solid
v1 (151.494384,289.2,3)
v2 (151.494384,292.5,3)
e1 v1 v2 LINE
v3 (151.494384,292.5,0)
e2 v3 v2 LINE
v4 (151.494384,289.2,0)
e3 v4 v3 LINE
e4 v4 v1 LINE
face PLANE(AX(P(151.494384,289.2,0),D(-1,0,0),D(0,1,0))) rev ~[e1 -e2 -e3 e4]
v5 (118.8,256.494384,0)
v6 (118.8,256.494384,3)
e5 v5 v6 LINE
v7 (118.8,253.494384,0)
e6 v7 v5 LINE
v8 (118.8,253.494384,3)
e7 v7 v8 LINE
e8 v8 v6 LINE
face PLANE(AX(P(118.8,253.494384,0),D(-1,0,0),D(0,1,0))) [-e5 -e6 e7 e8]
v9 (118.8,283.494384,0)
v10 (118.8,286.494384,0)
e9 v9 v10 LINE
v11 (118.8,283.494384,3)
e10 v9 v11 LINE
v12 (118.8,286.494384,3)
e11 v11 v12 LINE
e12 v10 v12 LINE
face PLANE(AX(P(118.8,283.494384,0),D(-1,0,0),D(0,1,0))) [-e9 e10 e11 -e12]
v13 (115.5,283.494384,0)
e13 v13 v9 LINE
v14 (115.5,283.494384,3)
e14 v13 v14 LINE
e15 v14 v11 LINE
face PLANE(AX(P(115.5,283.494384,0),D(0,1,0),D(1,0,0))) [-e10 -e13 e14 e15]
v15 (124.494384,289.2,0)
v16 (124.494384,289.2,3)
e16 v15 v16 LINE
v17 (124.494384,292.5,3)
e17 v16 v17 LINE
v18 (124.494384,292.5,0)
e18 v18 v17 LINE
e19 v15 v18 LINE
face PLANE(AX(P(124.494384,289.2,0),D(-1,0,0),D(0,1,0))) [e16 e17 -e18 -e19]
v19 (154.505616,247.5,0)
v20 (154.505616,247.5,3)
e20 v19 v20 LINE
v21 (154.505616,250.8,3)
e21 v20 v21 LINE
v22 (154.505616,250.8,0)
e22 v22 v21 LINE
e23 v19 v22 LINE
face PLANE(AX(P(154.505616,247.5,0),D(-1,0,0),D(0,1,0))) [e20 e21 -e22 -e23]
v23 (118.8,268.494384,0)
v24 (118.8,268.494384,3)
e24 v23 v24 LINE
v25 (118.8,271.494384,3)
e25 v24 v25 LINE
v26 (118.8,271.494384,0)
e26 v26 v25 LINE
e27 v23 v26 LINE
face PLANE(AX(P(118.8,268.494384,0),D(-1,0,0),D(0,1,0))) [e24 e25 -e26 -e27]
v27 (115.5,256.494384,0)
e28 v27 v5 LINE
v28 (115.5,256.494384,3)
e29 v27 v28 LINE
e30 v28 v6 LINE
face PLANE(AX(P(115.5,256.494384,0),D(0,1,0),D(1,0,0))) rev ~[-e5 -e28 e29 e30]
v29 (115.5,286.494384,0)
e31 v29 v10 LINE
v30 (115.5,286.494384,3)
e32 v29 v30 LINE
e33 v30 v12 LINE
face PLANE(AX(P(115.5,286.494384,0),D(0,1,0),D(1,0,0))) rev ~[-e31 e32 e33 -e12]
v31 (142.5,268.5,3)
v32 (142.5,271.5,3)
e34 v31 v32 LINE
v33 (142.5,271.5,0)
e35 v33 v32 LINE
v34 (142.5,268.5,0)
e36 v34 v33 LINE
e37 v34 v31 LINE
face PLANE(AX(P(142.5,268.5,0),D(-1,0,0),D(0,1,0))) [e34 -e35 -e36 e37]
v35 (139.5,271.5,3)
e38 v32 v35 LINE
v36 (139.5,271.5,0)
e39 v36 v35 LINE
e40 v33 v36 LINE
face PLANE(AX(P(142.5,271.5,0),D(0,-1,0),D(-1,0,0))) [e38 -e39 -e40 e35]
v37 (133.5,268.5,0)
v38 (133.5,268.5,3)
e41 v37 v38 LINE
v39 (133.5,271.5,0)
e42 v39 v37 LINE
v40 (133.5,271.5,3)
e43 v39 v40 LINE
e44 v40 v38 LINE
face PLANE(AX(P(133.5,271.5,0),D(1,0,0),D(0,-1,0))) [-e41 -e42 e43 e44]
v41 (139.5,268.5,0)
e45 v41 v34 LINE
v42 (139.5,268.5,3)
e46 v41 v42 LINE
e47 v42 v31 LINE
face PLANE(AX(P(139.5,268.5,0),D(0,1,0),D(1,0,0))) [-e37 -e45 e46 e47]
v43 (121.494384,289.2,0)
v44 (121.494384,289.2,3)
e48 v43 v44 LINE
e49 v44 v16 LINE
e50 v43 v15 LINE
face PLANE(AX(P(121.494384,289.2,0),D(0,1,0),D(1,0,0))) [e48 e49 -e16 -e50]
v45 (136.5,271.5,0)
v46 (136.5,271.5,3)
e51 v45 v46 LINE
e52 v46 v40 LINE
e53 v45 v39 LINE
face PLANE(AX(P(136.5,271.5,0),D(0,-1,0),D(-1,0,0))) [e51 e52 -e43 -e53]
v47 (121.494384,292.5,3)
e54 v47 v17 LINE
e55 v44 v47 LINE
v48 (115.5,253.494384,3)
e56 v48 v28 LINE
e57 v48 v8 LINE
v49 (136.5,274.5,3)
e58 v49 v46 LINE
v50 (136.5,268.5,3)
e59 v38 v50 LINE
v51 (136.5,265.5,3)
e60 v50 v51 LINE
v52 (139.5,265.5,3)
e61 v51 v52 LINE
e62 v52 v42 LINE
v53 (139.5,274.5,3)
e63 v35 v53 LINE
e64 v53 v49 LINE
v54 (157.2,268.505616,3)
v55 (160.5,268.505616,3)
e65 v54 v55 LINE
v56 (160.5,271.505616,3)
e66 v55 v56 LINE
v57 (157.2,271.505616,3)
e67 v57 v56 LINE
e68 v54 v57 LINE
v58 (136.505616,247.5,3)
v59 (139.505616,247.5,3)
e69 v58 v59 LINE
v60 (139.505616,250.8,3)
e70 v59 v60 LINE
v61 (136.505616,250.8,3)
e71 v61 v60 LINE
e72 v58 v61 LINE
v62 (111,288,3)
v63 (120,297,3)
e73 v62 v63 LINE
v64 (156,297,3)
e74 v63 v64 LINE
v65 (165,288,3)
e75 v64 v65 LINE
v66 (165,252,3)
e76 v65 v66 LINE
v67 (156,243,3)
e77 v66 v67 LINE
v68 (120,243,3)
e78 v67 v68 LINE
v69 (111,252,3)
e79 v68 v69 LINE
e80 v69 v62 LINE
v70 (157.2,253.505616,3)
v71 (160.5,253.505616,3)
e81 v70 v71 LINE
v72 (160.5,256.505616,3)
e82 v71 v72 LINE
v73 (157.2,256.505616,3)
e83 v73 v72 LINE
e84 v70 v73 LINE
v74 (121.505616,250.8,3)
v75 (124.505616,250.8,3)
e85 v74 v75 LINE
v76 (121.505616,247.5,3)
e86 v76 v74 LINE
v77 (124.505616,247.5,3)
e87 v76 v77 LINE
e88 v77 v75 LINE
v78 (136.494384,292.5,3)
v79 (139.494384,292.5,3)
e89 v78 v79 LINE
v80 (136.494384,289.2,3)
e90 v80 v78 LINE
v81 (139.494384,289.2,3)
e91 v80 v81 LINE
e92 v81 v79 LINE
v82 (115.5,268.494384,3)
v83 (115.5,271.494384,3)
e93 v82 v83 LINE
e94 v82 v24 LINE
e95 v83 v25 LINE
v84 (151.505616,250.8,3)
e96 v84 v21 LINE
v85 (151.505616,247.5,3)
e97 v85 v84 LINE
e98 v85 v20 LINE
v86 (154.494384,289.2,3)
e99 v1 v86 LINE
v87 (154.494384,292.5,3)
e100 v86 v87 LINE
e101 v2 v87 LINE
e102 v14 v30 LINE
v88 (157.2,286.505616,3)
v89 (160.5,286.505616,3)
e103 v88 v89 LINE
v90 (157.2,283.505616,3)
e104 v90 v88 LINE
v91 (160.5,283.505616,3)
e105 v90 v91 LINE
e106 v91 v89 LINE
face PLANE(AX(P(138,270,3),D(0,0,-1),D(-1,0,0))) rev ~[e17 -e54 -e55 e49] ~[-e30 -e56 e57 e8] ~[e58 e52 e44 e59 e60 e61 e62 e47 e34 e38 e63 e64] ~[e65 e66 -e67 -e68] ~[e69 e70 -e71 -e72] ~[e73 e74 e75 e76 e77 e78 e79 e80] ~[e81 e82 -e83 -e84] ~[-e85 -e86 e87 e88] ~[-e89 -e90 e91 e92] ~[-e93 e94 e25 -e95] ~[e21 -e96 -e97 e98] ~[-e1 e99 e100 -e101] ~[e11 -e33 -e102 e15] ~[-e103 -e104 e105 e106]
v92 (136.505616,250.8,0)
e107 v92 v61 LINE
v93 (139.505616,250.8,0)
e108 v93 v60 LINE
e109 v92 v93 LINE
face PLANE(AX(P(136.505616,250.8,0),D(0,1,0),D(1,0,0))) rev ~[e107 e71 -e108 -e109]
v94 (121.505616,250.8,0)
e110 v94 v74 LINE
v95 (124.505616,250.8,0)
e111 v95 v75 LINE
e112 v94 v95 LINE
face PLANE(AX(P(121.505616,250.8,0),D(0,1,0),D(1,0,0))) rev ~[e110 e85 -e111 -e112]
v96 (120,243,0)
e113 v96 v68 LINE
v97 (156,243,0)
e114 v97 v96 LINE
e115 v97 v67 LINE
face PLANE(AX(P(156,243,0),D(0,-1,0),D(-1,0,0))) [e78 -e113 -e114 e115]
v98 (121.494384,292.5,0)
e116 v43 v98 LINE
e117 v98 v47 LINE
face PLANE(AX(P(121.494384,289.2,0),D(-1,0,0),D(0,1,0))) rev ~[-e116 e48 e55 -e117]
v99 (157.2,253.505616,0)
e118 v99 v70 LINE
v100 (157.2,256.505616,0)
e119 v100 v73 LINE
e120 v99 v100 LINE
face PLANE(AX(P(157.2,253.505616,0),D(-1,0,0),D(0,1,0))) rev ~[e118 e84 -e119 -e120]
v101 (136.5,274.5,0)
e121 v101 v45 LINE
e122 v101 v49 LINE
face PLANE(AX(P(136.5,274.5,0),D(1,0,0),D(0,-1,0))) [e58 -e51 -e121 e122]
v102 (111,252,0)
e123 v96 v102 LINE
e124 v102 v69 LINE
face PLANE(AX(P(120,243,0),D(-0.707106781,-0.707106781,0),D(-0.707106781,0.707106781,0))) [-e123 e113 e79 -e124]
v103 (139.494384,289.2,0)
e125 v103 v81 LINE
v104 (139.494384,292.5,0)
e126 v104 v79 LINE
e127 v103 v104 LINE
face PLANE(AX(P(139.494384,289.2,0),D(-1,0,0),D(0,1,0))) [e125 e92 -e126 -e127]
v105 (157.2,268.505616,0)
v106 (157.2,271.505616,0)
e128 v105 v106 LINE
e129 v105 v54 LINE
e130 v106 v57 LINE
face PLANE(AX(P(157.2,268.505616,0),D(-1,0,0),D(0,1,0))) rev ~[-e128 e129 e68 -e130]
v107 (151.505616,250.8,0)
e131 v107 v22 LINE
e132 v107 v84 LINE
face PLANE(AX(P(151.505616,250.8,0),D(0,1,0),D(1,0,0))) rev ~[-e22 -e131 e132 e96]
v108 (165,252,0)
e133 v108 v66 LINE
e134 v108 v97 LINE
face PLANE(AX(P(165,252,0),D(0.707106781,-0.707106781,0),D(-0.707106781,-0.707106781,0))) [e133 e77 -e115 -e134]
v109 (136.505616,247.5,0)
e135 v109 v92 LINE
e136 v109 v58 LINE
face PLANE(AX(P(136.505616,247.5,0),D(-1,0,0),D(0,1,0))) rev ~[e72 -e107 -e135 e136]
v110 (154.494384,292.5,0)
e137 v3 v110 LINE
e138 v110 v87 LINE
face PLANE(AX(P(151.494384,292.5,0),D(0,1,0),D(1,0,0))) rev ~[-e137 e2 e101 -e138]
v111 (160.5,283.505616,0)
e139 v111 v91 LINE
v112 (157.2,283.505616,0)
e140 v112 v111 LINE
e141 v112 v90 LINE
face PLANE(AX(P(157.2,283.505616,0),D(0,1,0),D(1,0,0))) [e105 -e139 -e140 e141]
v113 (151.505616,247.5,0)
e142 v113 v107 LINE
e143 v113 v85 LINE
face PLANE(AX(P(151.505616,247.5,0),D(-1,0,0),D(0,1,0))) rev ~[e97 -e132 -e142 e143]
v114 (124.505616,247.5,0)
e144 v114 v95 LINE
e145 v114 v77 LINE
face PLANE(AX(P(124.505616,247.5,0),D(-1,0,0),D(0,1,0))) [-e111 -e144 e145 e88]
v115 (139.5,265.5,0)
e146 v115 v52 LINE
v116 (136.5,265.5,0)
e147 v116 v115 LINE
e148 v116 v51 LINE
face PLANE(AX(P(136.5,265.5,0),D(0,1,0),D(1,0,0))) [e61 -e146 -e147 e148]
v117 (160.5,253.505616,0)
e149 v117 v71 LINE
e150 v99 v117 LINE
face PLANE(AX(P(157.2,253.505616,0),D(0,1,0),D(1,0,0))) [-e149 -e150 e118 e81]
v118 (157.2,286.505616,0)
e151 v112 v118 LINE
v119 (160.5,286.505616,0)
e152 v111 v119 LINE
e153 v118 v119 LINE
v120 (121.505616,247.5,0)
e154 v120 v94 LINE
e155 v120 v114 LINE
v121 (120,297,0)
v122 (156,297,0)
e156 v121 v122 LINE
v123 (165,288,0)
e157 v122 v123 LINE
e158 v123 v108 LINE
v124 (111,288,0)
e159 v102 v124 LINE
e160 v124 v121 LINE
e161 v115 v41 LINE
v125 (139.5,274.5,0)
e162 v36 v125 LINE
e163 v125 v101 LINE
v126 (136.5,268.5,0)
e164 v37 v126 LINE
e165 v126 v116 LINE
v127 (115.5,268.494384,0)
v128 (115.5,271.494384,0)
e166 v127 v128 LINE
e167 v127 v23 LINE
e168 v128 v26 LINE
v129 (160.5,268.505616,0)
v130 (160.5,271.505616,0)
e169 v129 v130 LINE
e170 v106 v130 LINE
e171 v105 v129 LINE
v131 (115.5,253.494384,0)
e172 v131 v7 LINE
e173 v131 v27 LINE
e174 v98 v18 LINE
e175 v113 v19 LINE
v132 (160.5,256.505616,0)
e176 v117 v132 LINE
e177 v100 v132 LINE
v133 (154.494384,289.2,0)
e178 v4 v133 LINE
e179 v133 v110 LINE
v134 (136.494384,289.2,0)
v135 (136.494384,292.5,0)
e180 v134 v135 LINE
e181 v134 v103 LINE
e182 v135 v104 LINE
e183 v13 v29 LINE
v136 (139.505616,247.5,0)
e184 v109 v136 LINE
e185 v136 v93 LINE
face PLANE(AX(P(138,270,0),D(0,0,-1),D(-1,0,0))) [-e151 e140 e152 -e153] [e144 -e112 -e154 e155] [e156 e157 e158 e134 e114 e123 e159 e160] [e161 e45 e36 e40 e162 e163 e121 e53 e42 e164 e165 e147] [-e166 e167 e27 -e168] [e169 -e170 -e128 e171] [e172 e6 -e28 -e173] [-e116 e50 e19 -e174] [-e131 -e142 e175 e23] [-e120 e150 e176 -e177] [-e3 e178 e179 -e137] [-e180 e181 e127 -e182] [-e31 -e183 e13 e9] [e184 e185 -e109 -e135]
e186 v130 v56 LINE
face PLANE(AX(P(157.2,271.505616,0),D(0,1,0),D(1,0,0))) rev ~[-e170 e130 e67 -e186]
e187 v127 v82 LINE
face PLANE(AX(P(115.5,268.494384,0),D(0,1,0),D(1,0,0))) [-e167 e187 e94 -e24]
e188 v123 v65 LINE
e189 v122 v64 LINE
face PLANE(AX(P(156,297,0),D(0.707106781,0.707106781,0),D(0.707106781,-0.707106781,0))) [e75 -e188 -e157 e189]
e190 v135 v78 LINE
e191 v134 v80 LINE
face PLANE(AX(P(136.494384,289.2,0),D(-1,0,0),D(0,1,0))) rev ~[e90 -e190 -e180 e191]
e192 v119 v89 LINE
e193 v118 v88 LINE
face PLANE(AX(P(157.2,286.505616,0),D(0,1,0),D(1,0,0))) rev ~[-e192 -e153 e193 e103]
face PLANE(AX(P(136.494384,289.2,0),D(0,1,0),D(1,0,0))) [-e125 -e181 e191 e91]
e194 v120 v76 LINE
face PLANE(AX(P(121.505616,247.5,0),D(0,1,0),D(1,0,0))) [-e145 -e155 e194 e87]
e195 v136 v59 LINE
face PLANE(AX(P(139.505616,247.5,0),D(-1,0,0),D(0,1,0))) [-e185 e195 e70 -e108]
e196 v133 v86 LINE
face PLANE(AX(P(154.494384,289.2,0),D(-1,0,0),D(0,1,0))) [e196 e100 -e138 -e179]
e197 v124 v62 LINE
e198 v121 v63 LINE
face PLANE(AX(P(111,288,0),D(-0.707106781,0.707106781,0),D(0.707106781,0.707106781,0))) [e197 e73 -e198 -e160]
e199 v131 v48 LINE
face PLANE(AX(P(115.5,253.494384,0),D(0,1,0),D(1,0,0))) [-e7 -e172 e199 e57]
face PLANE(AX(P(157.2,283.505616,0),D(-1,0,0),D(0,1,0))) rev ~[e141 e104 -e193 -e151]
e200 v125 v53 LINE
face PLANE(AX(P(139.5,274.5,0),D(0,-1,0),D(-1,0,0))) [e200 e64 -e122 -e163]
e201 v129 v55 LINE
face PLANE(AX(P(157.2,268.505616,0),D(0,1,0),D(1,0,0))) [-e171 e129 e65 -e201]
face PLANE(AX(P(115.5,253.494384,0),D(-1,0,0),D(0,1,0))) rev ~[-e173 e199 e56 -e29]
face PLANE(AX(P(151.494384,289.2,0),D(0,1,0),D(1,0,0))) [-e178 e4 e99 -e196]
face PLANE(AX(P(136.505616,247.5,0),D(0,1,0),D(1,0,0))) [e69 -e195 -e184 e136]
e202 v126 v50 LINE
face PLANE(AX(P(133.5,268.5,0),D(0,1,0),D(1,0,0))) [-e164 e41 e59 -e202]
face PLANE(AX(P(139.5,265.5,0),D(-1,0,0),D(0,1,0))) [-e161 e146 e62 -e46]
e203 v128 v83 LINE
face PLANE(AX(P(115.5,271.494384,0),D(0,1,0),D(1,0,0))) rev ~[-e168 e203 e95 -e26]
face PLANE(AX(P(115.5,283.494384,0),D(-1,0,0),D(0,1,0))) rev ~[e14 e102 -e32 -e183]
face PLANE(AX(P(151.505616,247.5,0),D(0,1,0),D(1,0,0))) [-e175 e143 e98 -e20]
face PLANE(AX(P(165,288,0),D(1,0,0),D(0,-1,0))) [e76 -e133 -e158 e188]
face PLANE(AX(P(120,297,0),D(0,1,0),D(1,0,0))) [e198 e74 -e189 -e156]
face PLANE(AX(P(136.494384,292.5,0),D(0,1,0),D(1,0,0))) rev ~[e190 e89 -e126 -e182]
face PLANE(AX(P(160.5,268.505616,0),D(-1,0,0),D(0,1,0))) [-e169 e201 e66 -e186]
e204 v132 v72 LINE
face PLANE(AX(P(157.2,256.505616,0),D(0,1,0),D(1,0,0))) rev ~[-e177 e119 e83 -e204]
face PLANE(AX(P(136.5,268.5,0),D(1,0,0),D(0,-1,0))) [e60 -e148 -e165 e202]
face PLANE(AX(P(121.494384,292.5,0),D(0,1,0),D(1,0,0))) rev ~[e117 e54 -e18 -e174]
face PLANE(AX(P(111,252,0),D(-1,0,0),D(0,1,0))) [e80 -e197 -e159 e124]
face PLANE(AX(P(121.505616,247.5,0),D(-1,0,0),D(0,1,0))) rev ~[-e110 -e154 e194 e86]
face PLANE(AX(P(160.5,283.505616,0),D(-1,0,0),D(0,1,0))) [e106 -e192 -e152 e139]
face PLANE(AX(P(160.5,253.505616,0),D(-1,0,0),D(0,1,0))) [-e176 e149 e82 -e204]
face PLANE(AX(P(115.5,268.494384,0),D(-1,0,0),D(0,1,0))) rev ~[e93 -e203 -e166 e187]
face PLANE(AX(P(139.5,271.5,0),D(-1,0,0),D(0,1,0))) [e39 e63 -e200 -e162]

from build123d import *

# Parameters (mm, degrees)
SKETCH1_W           = 3.3
SKETCH1_H           = 3
SKETCH1_W_2         = 3
SKETCH1_H_2         = 3.3
BOSS_EXTRUDE1_DEPTH = 3


with BuildPart() as part:
    # Sketch1 → Boss-Extrude1 (new body)
    with BuildSketch(Plane.XY):
        Polygon((165, 252), (156, 243), (120, 243), (111, 252), (111, 288), (120, 297), (156, 297), (165, 288), align=None)
        with Locations((117.15, 254.994383568)):
            Rectangle(SKETCH1_W, SKETCH1_H, mode=Mode.SUBTRACT)
        Polygon((136.5, 274.5), (136.5, 271.5), (133.5, 271.5), (133.5, 268.5), (136.5, 268.5), (136.5, 265.5), (139.5, 265.5), (139.5, 268.5), (142.5, 268.5), (142.5, 271.5), (139.5, 271.5), (139.5, 274.5), align=None, mode=Mode.SUBTRACT)
        with Locations((117.15, 284.994383568)):
            Rectangle(SKETCH1_W, SKETCH1_H, mode=Mode.SUBTRACT)
        with Locations((117.15, 269.994383568)):
            Rectangle(SKETCH1_W, SKETCH1_H, mode=Mode.SUBTRACT)
        with Locations((123.005616432, 249.15)):
            Rectangle(SKETCH1_W_2, SKETCH1_H_2, mode=Mode.SUBTRACT)
        with Locations((158.85, 255.005616432)):
            Rectangle(SKETCH1_W, SKETCH1_H, mode=Mode.SUBTRACT)
        with Locations((152.994383568, 290.85)):
            Rectangle(SKETCH1_W_2, SKETCH1_H_2, mode=Mode.SUBTRACT)
        with Locations((138.005616432, 249.15)):
            Rectangle(SKETCH1_W_2, SKETCH1_H_2, mode=Mode.SUBTRACT)
        with Locations((153.005616432, 249.15)):
            Rectangle(SKETCH1_W_2, SKETCH1_H_2, mode=Mode.SUBTRACT)
        with Locations((158.85, 270.005616432)):
            Rectangle(SKETCH1_W, SKETCH1_H, mode=Mode.SUBTRACT)
        with Locations((158.85, 285.005616432)):
            Rectangle(SKETCH1_W, SKETCH1_H, mode=Mode.SUBTRACT)
        with Locations((137.994383568, 290.85)):
            Rectangle(SKETCH1_W_2, SKETCH1_H_2, mode=Mode.SUBTRACT)
        with Locations((122.994383568, 290.85)):
            Rectangle(SKETCH1_W_2, SKETCH1_H_2, mode=Mode.SUBTRACT)
    extrude(amount=BOSS_EXTRUDE1_DEPTH)


solid = part.part
